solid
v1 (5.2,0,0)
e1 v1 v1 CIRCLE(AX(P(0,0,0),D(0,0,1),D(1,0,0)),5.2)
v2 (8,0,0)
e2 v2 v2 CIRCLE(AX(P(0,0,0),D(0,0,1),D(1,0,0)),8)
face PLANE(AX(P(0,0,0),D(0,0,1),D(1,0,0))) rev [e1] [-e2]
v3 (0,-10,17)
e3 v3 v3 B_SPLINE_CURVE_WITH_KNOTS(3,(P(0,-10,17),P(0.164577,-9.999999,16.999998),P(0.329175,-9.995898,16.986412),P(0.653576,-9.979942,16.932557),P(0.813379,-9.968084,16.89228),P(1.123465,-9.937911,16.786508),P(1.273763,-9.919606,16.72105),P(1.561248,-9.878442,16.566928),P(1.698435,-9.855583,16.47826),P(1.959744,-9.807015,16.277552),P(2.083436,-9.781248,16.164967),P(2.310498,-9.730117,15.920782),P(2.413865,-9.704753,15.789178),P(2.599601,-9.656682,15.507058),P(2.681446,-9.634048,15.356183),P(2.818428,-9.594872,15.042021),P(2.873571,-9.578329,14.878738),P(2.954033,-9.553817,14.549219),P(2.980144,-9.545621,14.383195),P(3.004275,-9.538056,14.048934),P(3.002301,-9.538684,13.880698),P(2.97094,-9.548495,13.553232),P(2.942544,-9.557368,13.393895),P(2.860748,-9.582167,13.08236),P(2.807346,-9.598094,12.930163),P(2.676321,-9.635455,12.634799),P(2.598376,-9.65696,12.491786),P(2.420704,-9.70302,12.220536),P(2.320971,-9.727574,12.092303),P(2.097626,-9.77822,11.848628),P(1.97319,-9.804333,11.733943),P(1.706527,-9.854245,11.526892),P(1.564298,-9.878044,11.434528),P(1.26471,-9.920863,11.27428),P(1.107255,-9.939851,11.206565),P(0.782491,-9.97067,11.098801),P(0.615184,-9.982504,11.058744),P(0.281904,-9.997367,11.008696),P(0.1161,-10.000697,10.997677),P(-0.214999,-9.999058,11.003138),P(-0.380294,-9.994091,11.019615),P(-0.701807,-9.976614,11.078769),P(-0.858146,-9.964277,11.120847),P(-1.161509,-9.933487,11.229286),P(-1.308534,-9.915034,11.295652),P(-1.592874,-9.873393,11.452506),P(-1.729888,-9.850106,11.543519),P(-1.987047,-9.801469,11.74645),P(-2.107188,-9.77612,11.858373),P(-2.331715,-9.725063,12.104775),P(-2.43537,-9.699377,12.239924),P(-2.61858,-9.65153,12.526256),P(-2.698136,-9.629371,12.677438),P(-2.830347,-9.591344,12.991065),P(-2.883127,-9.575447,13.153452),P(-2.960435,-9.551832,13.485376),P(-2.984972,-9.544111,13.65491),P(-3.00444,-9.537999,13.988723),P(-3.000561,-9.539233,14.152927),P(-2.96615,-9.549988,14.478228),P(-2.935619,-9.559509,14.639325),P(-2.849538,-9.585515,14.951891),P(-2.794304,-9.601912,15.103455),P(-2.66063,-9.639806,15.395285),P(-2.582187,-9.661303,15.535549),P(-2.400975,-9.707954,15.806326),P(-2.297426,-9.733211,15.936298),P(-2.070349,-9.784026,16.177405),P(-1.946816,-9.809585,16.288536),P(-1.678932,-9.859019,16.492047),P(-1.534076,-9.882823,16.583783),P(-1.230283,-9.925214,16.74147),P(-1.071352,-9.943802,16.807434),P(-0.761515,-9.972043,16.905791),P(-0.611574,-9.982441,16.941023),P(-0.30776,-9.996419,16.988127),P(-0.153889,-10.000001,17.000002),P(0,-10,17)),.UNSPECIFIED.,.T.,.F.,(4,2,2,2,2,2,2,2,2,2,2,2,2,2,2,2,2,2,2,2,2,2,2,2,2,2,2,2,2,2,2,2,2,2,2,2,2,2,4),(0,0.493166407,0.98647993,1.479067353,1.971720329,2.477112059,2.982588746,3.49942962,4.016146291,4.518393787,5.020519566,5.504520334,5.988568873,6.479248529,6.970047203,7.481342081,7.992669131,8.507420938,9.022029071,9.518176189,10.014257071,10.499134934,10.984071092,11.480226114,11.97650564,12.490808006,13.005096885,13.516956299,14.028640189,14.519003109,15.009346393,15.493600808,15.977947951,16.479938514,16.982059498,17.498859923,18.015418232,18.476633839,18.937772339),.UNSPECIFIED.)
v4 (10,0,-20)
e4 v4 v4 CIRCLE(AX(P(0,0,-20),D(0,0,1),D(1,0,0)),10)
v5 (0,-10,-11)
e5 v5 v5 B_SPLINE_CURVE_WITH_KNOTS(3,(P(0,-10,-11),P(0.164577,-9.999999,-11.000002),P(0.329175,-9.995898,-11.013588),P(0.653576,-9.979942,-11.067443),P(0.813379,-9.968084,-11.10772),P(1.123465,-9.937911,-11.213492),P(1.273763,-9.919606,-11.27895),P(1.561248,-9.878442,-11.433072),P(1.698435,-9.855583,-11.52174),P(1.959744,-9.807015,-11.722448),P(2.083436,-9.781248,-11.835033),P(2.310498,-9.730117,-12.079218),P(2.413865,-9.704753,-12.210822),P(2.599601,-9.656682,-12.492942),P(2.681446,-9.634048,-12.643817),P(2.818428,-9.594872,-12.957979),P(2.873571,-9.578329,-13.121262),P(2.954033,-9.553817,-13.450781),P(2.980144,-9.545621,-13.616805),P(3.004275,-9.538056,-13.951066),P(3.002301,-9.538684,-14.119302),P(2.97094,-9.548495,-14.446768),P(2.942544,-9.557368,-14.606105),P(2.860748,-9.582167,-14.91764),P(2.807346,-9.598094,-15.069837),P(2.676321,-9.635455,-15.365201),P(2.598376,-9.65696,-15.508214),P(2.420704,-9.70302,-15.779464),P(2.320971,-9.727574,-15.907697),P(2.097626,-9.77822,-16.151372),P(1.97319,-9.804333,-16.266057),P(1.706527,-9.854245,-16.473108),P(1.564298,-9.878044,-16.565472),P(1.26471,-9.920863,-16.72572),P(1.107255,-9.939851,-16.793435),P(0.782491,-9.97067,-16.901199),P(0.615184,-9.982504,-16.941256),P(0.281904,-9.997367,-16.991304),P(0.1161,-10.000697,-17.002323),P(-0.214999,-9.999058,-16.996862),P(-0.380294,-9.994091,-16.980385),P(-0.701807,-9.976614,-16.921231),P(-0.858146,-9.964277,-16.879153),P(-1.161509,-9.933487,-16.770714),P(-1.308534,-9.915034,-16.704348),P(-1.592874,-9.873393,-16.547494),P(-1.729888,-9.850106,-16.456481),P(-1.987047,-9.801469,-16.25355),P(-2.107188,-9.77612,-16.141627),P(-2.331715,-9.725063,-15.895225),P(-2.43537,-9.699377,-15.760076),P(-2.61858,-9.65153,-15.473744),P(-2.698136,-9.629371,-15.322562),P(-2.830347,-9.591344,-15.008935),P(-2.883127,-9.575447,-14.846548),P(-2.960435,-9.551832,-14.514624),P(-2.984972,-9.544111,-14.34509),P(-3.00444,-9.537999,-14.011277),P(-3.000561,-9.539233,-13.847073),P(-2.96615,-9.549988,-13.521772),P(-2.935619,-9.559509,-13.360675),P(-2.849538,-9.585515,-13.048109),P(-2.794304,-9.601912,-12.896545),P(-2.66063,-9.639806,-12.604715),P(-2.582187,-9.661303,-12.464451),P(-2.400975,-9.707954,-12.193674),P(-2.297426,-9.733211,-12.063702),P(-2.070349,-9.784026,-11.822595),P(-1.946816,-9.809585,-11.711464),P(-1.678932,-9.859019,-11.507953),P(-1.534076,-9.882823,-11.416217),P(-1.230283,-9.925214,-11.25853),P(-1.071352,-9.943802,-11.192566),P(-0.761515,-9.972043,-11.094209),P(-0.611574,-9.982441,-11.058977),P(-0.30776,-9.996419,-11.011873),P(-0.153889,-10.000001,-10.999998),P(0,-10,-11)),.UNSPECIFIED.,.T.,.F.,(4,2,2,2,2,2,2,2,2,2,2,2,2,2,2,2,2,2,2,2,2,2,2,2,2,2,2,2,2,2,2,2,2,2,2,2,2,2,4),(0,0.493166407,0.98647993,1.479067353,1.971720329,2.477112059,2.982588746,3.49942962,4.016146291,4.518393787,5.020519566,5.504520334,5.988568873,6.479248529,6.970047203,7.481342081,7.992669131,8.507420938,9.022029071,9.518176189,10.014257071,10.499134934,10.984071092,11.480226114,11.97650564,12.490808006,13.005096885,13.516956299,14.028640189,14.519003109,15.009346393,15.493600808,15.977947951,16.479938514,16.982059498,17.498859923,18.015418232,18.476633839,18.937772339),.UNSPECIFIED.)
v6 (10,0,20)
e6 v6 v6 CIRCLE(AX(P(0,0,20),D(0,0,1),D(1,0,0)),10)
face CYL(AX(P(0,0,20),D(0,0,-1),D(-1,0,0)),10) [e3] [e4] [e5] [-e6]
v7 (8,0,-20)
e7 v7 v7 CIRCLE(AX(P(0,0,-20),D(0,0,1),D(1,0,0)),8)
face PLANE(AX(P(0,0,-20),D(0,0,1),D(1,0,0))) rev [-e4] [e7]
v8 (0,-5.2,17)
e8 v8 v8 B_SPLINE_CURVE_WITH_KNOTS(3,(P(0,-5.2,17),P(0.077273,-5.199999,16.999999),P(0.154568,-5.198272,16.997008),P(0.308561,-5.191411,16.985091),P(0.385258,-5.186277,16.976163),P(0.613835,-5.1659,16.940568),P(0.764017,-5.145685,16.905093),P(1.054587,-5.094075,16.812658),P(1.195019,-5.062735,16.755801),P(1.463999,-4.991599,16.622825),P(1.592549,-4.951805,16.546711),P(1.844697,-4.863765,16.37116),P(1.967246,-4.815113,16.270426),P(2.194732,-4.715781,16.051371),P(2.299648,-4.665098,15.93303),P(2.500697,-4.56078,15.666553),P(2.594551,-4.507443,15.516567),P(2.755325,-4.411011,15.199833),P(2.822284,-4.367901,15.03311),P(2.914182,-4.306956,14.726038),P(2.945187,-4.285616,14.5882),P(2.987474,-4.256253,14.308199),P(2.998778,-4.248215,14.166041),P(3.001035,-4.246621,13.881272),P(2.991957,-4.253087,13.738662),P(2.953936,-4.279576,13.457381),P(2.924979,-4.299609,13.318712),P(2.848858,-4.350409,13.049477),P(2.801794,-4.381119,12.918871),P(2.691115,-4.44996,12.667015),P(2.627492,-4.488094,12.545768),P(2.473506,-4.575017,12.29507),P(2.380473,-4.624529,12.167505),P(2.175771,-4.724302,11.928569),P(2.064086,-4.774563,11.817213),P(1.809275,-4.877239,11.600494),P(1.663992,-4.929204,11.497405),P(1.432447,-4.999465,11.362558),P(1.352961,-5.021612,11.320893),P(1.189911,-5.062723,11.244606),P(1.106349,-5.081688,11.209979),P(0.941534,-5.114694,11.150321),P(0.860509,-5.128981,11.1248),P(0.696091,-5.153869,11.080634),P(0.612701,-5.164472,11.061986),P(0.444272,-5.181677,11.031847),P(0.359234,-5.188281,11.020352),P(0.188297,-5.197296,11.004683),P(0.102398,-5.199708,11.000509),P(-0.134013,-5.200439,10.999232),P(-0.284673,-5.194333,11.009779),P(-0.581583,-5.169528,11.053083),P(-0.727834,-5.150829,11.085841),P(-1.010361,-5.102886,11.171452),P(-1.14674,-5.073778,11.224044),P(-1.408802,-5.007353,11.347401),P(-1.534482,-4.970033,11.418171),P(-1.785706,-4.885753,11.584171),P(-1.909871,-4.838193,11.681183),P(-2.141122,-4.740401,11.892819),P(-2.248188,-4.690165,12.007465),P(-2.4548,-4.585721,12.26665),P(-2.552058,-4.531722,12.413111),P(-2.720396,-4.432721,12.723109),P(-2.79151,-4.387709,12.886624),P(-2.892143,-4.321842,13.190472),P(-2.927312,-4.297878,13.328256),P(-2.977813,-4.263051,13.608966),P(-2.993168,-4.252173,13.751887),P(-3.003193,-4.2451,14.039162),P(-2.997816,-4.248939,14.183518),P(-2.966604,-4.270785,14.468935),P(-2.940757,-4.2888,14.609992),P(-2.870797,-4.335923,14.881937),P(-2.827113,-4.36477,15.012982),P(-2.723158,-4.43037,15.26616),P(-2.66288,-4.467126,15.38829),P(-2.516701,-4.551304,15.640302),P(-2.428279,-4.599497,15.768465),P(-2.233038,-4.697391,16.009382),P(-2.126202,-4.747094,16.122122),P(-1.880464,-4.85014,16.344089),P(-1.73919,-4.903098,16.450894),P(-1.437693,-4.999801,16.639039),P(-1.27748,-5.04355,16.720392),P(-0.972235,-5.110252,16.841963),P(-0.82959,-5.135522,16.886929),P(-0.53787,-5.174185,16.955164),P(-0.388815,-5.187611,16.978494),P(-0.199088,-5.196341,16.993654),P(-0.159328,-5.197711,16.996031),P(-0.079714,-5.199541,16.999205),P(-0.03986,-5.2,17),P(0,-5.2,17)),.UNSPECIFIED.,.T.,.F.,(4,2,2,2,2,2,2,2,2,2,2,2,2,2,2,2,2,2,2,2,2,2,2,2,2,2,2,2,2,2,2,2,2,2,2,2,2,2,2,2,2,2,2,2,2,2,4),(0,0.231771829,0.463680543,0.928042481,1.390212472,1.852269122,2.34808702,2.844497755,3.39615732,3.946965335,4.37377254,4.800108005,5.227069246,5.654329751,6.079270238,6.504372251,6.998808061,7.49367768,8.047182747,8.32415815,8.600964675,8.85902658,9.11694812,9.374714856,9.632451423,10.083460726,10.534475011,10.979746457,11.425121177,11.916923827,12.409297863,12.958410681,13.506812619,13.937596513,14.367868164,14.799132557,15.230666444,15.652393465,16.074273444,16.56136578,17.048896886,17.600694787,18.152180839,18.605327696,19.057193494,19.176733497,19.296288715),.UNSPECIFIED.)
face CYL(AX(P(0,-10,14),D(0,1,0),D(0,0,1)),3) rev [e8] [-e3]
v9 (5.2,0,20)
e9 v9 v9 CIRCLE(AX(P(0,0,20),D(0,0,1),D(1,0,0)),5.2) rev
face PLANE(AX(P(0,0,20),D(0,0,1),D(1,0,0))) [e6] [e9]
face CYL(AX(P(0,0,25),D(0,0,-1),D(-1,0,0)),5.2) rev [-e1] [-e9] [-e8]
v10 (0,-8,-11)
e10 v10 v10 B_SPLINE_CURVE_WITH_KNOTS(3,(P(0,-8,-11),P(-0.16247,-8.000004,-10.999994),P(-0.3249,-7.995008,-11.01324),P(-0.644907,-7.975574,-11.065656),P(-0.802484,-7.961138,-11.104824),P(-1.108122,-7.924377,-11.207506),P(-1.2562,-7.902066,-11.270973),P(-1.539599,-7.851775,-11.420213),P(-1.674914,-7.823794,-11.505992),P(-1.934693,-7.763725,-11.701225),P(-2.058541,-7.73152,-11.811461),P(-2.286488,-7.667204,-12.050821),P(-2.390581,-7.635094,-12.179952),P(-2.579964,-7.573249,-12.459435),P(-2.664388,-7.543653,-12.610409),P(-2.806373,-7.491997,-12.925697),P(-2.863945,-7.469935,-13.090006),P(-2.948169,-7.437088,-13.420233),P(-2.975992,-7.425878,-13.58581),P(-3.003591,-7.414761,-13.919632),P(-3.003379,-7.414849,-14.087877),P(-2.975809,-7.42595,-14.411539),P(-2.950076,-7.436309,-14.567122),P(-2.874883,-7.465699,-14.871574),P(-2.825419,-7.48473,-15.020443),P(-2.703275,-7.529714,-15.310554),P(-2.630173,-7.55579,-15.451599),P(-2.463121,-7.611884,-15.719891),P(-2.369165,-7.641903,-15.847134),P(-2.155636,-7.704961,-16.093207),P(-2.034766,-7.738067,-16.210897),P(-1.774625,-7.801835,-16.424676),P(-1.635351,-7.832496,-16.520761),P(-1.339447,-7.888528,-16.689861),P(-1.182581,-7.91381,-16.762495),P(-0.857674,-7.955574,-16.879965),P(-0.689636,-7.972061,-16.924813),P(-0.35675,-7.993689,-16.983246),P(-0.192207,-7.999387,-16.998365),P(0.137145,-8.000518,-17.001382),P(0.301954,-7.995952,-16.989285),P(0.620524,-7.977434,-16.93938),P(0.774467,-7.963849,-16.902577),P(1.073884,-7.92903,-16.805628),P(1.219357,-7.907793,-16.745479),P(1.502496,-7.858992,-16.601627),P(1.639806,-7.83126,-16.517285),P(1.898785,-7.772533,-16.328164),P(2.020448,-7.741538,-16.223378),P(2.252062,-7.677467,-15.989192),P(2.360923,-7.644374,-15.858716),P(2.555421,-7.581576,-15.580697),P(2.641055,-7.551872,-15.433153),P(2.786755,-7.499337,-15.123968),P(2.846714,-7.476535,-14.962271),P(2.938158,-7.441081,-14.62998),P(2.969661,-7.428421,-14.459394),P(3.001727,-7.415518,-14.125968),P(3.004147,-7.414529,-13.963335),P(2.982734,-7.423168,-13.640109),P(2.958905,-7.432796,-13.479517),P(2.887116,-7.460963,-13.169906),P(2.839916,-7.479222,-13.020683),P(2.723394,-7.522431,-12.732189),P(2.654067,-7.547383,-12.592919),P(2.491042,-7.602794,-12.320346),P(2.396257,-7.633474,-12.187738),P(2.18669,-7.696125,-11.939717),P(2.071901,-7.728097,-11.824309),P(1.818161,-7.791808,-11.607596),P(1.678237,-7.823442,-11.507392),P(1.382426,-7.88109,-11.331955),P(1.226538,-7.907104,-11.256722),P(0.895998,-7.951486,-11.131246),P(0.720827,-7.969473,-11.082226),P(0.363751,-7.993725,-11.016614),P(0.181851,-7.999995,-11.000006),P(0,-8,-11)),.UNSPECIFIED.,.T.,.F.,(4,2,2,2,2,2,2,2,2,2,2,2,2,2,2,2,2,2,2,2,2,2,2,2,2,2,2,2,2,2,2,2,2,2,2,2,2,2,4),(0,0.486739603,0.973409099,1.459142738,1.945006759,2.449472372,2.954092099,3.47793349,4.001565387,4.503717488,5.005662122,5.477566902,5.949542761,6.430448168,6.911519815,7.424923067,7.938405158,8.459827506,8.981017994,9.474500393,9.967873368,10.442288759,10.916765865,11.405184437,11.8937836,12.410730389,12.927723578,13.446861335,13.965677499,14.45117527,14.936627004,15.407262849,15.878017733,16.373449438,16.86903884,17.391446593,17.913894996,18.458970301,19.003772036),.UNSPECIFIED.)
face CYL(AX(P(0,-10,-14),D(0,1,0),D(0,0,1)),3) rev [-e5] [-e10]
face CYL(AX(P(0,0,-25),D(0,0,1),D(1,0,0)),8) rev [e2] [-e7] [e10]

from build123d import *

# Parameters (mm, degrees)
SKETCH1_R           = 10
BOSS_EXTRUDE1_DEPTH = 20
SKETCH5_R           = 8
CUT_EXTRUDE2_DEPTH  = 25
SKETCH6_R           = 5.2
CUT_EXTRUDE3_DEPTH  = 25
SKETCH7_R           = 3
CUT_EXTRUDE4_DEPTH  = 10


with BuildPart() as part:
    # Sketch1 → Boss-Extrude1 (new, symmetric)
    with BuildSketch(Plane.XY):
        Circle(SKETCH1_R)
    extrude(amount=BOSS_EXTRUDE1_DEPTH, both=True)

    # Sketch5 → Cut-Extrude2 (cut)
    with BuildSketch(Plane.XY):
        Circle(SKETCH5_R)
    extrude(amount=-CUT_EXTRUDE2_DEPTH, mode=Mode.SUBTRACT)

    # Sketch6 → Cut-Extrude3 (cut)
    with BuildSketch(Plane.XY):
        Circle(SKETCH6_R)
    extrude(amount=CUT_EXTRUDE3_DEPTH, mode=Mode.SUBTRACT)

    # Sketch7 → Cut-Extrude4 (cut)
    with BuildSketch(Plane(origin=(0, 0, 0), x_dir=(1, 0, 0), z_dir=(0, 1, 0))):
        with Locations(Location((0, 14, 0), (0, 0, 270))):
            Circle(SKETCH7_R)
        with Locations(Location((0, -14, 0), (0, 0, 270))):
            Circle(SKETCH7_R)
    extrude(amount=-CUT_EXTRUDE4_DEPTH, mode=Mode.SUBTRACT)


solid = part.part
